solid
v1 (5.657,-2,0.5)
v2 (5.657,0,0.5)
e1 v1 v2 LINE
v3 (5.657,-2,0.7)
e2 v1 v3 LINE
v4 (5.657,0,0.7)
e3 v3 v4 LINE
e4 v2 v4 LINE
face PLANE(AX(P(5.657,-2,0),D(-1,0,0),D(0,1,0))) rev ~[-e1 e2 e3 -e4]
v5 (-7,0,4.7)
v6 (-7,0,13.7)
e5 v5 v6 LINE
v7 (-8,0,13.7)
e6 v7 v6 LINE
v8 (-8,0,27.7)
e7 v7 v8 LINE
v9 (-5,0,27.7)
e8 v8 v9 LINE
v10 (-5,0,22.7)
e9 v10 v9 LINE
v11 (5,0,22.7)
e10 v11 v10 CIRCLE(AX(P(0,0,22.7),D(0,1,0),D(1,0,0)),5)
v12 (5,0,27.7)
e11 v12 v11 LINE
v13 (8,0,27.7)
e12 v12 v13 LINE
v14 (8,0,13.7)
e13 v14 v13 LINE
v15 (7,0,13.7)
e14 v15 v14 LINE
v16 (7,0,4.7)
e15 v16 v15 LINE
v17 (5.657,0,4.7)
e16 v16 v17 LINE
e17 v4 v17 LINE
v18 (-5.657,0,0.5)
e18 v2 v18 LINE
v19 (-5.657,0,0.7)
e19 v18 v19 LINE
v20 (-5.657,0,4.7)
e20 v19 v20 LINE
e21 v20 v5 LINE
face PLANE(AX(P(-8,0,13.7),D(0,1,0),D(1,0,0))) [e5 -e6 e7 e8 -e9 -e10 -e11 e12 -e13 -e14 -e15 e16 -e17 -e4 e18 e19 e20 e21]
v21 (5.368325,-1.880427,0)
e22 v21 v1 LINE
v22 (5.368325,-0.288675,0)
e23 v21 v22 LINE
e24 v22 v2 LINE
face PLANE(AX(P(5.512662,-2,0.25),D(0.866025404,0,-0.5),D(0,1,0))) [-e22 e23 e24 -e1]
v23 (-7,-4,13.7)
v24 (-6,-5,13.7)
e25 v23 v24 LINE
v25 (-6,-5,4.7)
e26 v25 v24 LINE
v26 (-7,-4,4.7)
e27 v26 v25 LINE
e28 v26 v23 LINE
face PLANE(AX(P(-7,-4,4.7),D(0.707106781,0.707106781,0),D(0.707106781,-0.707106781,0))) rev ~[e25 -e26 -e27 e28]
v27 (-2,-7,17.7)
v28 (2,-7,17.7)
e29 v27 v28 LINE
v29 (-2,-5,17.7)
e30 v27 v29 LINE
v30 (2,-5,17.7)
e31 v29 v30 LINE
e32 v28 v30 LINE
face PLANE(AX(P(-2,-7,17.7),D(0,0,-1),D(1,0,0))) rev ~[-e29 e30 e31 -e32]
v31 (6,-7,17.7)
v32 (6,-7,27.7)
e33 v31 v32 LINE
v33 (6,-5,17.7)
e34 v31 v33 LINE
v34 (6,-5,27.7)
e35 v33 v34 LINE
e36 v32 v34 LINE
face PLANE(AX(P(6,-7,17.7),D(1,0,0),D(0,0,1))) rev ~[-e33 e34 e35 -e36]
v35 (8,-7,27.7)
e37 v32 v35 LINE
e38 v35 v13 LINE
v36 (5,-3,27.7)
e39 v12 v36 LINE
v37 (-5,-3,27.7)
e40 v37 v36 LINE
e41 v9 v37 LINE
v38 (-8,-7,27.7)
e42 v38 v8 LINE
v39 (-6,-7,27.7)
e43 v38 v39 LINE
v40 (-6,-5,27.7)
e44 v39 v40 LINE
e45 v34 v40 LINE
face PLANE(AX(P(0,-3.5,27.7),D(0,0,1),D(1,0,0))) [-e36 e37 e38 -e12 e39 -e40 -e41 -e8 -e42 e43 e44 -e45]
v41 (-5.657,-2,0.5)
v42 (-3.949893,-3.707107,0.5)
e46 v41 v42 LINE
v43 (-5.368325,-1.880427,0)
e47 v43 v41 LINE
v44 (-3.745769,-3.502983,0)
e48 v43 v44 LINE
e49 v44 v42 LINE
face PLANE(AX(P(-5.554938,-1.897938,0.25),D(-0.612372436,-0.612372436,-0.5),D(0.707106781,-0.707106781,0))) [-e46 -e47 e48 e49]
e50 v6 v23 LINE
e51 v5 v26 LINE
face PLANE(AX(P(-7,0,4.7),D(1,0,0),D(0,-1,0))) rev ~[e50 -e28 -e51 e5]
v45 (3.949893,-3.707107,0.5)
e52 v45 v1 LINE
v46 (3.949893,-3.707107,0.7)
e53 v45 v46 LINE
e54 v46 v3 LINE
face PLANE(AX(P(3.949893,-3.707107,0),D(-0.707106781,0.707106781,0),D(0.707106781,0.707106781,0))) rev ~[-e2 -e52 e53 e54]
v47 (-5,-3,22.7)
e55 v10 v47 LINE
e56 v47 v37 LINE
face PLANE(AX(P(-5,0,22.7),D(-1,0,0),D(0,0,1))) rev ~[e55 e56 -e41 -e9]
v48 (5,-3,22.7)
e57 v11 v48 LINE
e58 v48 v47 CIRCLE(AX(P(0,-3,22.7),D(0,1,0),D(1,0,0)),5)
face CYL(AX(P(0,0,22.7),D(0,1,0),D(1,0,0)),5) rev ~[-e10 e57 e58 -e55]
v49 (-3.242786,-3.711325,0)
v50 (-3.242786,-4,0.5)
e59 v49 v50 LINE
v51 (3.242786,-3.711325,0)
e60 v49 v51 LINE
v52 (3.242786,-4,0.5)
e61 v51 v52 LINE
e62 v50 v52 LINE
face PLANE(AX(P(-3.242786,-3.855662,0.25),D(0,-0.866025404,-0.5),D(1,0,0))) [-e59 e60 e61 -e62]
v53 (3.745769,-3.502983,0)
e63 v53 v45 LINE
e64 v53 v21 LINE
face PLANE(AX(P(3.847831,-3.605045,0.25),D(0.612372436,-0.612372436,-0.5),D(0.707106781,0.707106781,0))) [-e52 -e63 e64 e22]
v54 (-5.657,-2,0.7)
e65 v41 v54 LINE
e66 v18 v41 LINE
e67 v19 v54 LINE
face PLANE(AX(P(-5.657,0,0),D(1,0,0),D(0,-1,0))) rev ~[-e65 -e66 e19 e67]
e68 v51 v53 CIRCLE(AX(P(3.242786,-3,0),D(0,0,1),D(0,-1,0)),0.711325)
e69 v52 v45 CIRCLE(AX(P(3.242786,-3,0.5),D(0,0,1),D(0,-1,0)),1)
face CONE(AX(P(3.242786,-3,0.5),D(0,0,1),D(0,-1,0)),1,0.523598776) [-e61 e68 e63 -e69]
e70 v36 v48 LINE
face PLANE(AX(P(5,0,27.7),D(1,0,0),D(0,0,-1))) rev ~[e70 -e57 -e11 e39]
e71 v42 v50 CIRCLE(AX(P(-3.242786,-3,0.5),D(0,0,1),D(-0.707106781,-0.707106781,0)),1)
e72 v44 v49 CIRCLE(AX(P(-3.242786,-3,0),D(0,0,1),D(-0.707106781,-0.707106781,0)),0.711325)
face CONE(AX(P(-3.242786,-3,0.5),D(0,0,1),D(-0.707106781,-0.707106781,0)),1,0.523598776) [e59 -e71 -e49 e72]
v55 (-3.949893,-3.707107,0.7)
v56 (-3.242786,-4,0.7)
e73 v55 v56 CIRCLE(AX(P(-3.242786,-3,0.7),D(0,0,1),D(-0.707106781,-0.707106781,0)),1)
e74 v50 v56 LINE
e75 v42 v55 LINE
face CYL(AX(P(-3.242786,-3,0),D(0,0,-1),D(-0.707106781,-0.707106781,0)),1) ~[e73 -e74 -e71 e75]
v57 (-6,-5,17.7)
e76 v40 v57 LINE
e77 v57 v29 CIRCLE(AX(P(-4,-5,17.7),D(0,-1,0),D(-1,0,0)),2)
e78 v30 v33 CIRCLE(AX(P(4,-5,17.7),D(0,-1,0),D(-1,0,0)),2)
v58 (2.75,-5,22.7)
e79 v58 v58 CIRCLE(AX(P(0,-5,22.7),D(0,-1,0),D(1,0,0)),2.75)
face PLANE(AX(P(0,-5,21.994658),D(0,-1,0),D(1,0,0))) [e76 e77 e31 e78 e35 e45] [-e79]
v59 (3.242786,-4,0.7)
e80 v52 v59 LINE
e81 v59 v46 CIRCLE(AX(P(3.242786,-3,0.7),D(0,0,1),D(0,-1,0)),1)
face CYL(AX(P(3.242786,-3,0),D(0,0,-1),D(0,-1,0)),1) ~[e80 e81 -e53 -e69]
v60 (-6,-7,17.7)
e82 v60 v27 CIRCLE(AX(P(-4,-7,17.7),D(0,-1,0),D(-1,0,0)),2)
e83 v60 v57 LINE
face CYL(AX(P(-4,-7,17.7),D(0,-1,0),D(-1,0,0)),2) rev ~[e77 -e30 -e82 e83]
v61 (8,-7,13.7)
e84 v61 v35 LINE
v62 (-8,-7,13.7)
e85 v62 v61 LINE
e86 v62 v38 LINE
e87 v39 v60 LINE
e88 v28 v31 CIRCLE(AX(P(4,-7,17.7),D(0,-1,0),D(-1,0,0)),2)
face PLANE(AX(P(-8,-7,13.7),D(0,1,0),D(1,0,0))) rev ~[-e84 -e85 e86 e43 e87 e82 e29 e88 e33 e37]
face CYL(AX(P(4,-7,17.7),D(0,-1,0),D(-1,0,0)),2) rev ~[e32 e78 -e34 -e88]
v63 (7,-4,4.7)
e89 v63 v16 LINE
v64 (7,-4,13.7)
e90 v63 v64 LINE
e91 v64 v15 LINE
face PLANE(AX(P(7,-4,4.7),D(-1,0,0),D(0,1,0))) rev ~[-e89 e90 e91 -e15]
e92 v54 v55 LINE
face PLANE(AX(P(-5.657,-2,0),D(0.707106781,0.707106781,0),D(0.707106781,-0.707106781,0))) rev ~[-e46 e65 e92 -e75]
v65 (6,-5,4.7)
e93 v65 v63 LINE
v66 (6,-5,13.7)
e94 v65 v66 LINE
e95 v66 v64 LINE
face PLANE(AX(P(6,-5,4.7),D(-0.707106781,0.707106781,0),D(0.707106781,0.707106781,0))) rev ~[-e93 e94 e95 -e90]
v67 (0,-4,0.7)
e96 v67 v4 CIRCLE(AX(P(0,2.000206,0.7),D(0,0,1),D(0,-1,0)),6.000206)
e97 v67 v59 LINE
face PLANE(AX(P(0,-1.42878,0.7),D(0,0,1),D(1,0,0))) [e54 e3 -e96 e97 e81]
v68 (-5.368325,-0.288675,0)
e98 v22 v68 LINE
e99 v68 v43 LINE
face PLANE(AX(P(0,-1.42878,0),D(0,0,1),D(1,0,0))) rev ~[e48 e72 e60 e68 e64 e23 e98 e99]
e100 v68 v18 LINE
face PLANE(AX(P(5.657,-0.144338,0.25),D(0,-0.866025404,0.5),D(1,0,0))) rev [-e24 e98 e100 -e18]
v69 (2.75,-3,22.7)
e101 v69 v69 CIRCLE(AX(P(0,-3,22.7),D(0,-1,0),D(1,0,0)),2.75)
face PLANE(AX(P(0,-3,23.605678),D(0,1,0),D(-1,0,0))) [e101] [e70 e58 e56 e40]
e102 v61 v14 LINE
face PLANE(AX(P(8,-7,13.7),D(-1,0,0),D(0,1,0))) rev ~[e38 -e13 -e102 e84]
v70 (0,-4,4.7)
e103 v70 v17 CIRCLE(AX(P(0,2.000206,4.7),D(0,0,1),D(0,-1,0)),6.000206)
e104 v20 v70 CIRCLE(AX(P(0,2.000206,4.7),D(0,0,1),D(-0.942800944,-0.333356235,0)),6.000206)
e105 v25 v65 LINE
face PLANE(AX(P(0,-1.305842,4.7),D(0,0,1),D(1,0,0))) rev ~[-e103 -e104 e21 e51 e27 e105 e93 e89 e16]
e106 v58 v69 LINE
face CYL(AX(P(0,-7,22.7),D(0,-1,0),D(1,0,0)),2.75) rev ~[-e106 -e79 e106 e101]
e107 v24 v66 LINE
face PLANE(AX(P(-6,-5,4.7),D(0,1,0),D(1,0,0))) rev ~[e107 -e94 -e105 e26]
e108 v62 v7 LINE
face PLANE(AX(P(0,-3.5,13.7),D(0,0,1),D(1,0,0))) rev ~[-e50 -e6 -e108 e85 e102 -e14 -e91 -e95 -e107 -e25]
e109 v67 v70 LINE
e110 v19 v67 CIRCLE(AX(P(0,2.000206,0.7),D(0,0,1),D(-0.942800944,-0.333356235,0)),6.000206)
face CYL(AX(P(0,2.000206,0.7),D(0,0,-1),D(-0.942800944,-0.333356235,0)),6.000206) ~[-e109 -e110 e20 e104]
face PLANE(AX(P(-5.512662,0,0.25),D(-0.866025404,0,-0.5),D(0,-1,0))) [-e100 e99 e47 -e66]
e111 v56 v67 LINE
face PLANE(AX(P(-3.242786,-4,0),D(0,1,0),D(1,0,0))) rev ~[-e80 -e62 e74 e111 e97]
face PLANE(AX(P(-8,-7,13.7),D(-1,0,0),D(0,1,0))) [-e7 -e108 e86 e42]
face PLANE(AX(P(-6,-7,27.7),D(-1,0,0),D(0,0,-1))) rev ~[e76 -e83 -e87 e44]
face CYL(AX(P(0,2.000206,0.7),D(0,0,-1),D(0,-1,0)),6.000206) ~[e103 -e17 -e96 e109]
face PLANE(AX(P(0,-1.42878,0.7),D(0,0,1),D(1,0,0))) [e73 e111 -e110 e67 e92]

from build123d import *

# Parameters (mm, degrees)
F1_DEPTH  = 0.7
F3_DEPTH  = 4
F5_DEPTH  = 9
F6_W      = 16
F6_H      = 7
F7_DEPTH  = 14
F8_R      = 2.75
F9_DEPTH  = 7.001
F10_R     = 2.75
F11_DEPTH = 2
F12_R     = 2.75
F13_DEPTH = 3
F14_SIZE2 = 0.5
F14_SIZE  = 0.2886751346


with BuildPart() as f1:
    # F0 (on Top) → F1 (new body)
    with BuildSketch(Plane.XY):
        with BuildLine():
            Line((5.657, 0), (-5.657, 0))
            ThreePointArc((-5.657, 0), (-3.4641611178, -2.8989837358), (0, -4))
            ThreePointArc((0, -4), (3.4641611178, -2.8989837358), (5.657, 0))
        make_face()
        with BuildLine():
            ThreePointArc((0, -4), (-3.4641611178, -2.8989837358), (-5.657, 0))
            Line((-5.657, 0), (-5.657, -2))
            Line((-5.657, -2), (-3.9498932188, -3.7071067812))
            ThreePointArc((-3.9498932188, -3.7071067812), (-3.62546987, -3.9238795325), (-3.2427864376, -4))
            Line((-3.2427864376, -4), (0, -4))
        make_face()
        with BuildLine():
            Line((5.657, -2), (5.657, 0))
            ThreePointArc((5.657, 0), (3.4641611178, -2.8989837358), (0, -4))
            Line((0, -4), (3.2427864376, -4))
            ThreePointArc((3.2427864376, -4), (3.62546987, -3.9238795325), (3.9498932188, -3.7071067812))
            Line((3.9498932188, -3.7071067812), (5.657, -2))
        make_face()
    extrude(amount=F1_DEPTH)

    # F2 (on face) → F3 (join)
    with BuildSketch(Plane.XY.offset(0.7)):
        with BuildLine():
            Line((5.657, 0), (-5.657, 0))
            ThreePointArc((-5.657, 0), (-3.4641611178, -2.8989837358), (0, -4))
            ThreePointArc((0, -4), (3.4641611178, -2.8989837358), (5.657, 0))
        make_face()
    extrude(amount=F3_DEPTH)

    # F4 (on face) → F5 (join)
    with BuildSketch(Plane.XY.offset(4.7)):
        with BuildLine():
            Line((5.657, 0), (-5.657, 0))
            ThreePointArc((-5.657, 0), (0, -4), (5.657, 0))
        make_face()
        with BuildLine():
            Line((-5.657, 0), (-7, 0))
            Line((-7, 0), (-7, -4))
            Line((-7, -4), (-6, -5))
            Line((-6, -5), (6, -5))
            Line((6, -5), (7, -4))
            Line((7, -4), (7, 0))
            Line((7, 0), (5.657, 0))
            ThreePointArc((5.657, 0), (0, -4), (-5.657, 0))
        make_face()
    extrude(amount=F5_DEPTH)

    # F6 (on face) → F7 (join)
    with BuildSketch(Plane.XY.offset(13.7)):
        with Locations((0, -3.5)):
            Rectangle(F6_W, F6_H)
    extrude(amount=F7_DEPTH)

    # F8 (on face) → F9 (cut, through all)
    with BuildSketch(Plane.XZ.offset(7)):
        with Locations((0, 22.7)):
            Circle(F8_R)
    extrude(amount=-F9_DEPTH, mode=Mode.SUBTRACT)

    # F10 (on face) → F11 (cut)
    with BuildSketch(Plane.XZ.offset(7)):
        with BuildLine():
            Line((6, 27.7), (-6, 27.7))
            Line((-6, 27.7), (-6, 17.7))
            ThreePointArc((-6, 17.7), (-4, 15.7), (-2, 17.7))
            Line((-2, 17.7), (2, 17.7))
            ThreePointArc((2, 17.7), (4, 15.7), (6, 17.7))
            Line((6, 17.7), (6, 27.7))
        make_face()
        with Locations((0, 22.7)):
            Circle(F10_R, mode=Mode.SUBTRACT)
    extrude(amount=-F11_DEPTH, mode=Mode.SUBTRACT)

    # F12 (on face) → F13 (cut)
    with BuildSketch(Plane(origin=(0, 0, 0), x_dir=(-1, 0, 0), z_dir=(0, 1, 0))):
        with BuildLine():
            Line((5, 27.7), (-5, 27.7))
            Line((-5, 27.7), (-5, 22.7))
            ThreePointArc((-5, 22.7), (0, 17.7), (5, 22.7))
            Line((5, 22.7), (5, 27.7))
        make_face()
        with Locations((0, 22.7)):
            Circle(F12_R, mode=Mode.SUBTRACT)
    extrude(amount=-F13_DEPTH, mode=Mode.SUBTRACT)

    # F14
    f14_edges = [f1.edges().sort_by_distance(p)[0] for p in [
        (0, 0, 0),
        (-5.657, -1, 0),
        (-4.803447, -2.853553, 0),
        (-3.62547, -3.92388, 0),
        (0, -4, 0),
        (3.62547, -3.92388, 0),
        (4.803447, -2.853553, 0),
        (5.657, -1, 0),
    ]]
    f14_side = f1.faces().sort_by_distance((0, -1.868566, 0))[0]
    chamfer(f14_edges, length=F14_SIZE, length2=F14_SIZE2, reference=f14_side)


solid = f1.part
